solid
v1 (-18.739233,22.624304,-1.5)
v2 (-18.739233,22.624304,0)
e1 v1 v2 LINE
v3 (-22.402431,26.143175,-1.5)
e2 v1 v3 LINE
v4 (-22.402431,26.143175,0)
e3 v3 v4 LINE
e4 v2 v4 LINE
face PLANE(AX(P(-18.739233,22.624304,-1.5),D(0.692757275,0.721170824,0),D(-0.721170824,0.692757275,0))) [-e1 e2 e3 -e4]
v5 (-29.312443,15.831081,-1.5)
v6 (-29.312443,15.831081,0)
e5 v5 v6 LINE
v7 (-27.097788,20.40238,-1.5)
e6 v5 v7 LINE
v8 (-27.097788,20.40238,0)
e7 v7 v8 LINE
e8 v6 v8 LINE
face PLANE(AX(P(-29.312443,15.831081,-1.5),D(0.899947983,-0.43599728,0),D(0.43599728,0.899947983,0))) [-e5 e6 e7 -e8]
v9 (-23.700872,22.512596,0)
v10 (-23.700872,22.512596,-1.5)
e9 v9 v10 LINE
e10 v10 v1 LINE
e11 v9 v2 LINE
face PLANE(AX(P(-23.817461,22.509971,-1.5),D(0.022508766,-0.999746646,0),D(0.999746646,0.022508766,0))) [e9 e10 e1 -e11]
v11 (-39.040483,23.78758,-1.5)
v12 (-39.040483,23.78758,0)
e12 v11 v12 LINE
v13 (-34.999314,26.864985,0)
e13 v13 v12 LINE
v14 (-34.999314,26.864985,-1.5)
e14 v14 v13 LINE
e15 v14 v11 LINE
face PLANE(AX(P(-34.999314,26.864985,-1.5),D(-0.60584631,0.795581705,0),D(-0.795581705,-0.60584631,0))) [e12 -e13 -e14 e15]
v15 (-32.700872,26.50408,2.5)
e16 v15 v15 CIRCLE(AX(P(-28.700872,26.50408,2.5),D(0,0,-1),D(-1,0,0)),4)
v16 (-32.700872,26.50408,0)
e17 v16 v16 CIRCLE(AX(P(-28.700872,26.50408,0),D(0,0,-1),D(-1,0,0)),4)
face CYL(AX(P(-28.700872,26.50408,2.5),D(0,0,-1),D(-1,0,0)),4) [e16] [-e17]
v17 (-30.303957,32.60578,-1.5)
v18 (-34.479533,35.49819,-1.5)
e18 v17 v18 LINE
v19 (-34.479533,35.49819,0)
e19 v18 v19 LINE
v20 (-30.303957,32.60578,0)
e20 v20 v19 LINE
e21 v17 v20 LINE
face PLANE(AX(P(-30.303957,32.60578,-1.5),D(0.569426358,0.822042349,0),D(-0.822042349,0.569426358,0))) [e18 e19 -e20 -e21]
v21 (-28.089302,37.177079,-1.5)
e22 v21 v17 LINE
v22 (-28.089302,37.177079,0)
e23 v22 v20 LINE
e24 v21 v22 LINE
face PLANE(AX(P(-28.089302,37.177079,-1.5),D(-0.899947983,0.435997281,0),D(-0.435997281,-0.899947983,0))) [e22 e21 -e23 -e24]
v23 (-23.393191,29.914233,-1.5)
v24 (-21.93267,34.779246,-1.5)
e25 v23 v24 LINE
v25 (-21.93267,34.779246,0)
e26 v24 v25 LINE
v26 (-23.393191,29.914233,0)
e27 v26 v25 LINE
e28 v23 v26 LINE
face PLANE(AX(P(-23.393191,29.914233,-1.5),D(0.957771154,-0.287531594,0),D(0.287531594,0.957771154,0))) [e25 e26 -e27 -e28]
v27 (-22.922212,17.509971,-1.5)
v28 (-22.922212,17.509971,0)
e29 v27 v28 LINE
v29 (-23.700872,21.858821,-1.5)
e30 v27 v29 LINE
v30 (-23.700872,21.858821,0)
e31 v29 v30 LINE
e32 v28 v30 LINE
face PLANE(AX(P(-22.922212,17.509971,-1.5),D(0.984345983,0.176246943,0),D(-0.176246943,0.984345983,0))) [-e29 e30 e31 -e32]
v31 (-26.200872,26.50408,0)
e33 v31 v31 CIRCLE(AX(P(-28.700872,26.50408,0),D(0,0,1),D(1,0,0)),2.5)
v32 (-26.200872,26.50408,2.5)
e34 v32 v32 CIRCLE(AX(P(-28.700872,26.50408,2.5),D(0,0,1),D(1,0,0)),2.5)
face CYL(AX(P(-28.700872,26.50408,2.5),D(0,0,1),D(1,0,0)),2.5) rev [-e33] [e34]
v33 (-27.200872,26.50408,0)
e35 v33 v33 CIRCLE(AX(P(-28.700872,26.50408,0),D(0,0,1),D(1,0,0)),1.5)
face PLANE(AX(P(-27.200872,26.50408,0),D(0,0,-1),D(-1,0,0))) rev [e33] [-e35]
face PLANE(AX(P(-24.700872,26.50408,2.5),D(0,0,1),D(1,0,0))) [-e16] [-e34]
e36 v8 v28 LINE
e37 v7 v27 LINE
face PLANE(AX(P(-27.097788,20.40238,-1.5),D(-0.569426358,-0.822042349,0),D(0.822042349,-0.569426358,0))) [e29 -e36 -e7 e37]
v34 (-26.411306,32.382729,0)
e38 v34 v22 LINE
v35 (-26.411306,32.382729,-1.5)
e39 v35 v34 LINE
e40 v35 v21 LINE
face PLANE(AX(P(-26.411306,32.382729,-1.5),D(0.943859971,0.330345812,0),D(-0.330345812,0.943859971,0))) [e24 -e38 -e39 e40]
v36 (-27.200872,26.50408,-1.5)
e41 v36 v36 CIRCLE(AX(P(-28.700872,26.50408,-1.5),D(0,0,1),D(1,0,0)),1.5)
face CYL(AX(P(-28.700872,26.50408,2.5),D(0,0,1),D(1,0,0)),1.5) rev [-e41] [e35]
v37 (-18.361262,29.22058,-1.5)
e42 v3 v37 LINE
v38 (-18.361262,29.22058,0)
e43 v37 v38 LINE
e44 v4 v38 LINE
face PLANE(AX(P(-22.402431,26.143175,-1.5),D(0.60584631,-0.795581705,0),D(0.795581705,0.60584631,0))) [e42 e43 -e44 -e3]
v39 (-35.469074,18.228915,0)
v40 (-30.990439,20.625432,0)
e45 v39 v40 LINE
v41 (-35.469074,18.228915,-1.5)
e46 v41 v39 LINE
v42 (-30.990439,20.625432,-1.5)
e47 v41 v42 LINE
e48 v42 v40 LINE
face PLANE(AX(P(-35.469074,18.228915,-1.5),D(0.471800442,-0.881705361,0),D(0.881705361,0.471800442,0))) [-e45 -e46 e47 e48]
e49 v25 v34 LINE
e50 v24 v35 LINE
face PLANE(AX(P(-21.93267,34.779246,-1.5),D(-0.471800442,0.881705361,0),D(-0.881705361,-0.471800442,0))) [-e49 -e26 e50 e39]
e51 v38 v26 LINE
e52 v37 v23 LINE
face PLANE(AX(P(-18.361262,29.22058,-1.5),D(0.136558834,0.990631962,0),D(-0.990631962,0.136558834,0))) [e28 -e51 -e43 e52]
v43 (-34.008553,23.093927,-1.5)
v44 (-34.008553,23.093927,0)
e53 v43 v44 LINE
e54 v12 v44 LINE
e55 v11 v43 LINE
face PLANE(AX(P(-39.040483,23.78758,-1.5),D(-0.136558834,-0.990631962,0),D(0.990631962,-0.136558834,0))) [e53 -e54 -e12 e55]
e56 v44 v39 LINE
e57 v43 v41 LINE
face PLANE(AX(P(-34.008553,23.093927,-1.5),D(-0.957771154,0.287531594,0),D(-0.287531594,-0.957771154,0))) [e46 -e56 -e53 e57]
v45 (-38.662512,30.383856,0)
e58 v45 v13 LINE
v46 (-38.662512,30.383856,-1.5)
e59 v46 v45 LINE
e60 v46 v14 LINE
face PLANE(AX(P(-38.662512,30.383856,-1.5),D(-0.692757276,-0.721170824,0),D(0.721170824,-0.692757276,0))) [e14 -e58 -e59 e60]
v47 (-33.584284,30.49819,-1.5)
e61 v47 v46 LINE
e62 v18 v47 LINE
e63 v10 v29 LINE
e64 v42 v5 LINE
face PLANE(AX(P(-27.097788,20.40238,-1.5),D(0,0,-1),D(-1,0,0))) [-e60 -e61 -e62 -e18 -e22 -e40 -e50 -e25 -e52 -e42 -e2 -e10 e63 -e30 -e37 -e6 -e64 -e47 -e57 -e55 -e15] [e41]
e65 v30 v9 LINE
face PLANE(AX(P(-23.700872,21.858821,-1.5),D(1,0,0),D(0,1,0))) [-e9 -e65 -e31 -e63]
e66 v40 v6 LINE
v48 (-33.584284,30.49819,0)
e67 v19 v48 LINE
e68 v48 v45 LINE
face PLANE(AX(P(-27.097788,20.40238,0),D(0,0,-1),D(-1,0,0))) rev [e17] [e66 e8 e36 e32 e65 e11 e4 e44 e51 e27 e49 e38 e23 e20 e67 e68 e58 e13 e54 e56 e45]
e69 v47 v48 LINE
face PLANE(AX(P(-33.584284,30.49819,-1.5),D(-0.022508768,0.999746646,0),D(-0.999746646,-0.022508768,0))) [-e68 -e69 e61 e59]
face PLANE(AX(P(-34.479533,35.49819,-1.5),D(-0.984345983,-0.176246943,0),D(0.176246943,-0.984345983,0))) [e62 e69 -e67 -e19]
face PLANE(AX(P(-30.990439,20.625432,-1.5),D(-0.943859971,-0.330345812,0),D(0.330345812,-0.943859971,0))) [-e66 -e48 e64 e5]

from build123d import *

# Parameters (mm, degrees)
BOSS_EXTRU_1_DEPTH                                = 1.5
ESQUISSE2_W                                       = 4
ESQUISSE2_H                                       = 2.5
CHAMBRAGE_POUR_VIS_T_TE_HEXAGONALE_M2_D           = 3
CHAMBRAGE_POUR_VIS_T_TE_HEXAGONALE_M2_DEPTH       = 4
CHAMBRAGE_POUR_VIS_T_TE_HEXAGONALE_M2_CBORE_D     = 5
CHAMBRAGE_POUR_VIS_T_TE_HEXAGONALE_M2_CBORE_DEPTH = 2.5
CHANFREIN1_SIZE                                   = 0.66150504
CHANFREIN1_SIZE2                                  = 0.116617787


with BuildPart() as part:
    # Esquisse1 → Boss.-Extru.1 (new body)
    with BuildSketch(Plane.XY):
        Polygon((-27.097787955, 20.402380339), (-22.922211673, 17.509970722), (-23.817460632, 22.509970718), (-18.739232742, 22.624304328), (-22.402430623, 26.143175168), (-18.36126158, 29.220580467), (-23.393191293, 29.914233086), (-21.932670307, 34.779245838), (-26.411305743, 32.382728509), (-28.089302186, 37.177079198), (-30.303956824, 32.605780103), (-34.479533107, 35.49818972), (-33.584284152, 30.498189734), (-38.662512037, 30.383856115), (-34.999314157, 26.864985274), (-39.040483199, 23.787579976), (-34.008553486, 23.093927357), (-35.469074473, 18.228914604), (-30.990439036, 20.625431934), (-29.312442593, 15.831081245), align=None)
    extrude(amount=-BOSS_EXTRU_1_DEPTH)

    # Esquisse2 → Révolution1 (revolve)
    with BuildSketch(Plane.XZ.offset(-26.504080221)):
        with Locations((-26.70087239, 1.25)):
            Rectangle(ESQUISSE2_W, ESQUISSE2_H)
    revolve(axis=Axis((-28.70087239, 26.504080221, 2.5), (0, 0, -1)))

    # Chambrage pour vis à tête hexagonale M2.51
    with Locations(Plane.XY.offset(2.5)):
        with Locations((-28.70087239, 26.504080221)):
            CounterBoreHole(CHAMBRAGE_POUR_VIS_T_TE_HEXAGONALE_M2_D / 2, CHAMBRAGE_POUR_VIS_T_TE_HEXAGONALE_M2_CBORE_D / 2, CHAMBRAGE_POUR_VIS_T_TE_HEXAGONALE_M2_CBORE_DEPTH, depth=CHAMBRAGE_POUR_VIS_T_TE_HEXAGONALE_M2_DEPTH)

    # Chanfrein1
    chanfrein1_edges = [part.edges().sort_by_distance(p)[0] for p in [
        (-23.817460632, 22.509970718, -0.75),
    ]]
    chanfrein1_side = [part.faces().sort_by_distance(p)[0] for p in [
        (-23.369836152, 20.00997072, -0.75),
    ]]
    chamfer(chanfrein1_edges, length=CHANFREIN1_SIZE, length2=CHANFREIN1_SIZE2, reference=chanfrein1_side[0])


solid = part.part
